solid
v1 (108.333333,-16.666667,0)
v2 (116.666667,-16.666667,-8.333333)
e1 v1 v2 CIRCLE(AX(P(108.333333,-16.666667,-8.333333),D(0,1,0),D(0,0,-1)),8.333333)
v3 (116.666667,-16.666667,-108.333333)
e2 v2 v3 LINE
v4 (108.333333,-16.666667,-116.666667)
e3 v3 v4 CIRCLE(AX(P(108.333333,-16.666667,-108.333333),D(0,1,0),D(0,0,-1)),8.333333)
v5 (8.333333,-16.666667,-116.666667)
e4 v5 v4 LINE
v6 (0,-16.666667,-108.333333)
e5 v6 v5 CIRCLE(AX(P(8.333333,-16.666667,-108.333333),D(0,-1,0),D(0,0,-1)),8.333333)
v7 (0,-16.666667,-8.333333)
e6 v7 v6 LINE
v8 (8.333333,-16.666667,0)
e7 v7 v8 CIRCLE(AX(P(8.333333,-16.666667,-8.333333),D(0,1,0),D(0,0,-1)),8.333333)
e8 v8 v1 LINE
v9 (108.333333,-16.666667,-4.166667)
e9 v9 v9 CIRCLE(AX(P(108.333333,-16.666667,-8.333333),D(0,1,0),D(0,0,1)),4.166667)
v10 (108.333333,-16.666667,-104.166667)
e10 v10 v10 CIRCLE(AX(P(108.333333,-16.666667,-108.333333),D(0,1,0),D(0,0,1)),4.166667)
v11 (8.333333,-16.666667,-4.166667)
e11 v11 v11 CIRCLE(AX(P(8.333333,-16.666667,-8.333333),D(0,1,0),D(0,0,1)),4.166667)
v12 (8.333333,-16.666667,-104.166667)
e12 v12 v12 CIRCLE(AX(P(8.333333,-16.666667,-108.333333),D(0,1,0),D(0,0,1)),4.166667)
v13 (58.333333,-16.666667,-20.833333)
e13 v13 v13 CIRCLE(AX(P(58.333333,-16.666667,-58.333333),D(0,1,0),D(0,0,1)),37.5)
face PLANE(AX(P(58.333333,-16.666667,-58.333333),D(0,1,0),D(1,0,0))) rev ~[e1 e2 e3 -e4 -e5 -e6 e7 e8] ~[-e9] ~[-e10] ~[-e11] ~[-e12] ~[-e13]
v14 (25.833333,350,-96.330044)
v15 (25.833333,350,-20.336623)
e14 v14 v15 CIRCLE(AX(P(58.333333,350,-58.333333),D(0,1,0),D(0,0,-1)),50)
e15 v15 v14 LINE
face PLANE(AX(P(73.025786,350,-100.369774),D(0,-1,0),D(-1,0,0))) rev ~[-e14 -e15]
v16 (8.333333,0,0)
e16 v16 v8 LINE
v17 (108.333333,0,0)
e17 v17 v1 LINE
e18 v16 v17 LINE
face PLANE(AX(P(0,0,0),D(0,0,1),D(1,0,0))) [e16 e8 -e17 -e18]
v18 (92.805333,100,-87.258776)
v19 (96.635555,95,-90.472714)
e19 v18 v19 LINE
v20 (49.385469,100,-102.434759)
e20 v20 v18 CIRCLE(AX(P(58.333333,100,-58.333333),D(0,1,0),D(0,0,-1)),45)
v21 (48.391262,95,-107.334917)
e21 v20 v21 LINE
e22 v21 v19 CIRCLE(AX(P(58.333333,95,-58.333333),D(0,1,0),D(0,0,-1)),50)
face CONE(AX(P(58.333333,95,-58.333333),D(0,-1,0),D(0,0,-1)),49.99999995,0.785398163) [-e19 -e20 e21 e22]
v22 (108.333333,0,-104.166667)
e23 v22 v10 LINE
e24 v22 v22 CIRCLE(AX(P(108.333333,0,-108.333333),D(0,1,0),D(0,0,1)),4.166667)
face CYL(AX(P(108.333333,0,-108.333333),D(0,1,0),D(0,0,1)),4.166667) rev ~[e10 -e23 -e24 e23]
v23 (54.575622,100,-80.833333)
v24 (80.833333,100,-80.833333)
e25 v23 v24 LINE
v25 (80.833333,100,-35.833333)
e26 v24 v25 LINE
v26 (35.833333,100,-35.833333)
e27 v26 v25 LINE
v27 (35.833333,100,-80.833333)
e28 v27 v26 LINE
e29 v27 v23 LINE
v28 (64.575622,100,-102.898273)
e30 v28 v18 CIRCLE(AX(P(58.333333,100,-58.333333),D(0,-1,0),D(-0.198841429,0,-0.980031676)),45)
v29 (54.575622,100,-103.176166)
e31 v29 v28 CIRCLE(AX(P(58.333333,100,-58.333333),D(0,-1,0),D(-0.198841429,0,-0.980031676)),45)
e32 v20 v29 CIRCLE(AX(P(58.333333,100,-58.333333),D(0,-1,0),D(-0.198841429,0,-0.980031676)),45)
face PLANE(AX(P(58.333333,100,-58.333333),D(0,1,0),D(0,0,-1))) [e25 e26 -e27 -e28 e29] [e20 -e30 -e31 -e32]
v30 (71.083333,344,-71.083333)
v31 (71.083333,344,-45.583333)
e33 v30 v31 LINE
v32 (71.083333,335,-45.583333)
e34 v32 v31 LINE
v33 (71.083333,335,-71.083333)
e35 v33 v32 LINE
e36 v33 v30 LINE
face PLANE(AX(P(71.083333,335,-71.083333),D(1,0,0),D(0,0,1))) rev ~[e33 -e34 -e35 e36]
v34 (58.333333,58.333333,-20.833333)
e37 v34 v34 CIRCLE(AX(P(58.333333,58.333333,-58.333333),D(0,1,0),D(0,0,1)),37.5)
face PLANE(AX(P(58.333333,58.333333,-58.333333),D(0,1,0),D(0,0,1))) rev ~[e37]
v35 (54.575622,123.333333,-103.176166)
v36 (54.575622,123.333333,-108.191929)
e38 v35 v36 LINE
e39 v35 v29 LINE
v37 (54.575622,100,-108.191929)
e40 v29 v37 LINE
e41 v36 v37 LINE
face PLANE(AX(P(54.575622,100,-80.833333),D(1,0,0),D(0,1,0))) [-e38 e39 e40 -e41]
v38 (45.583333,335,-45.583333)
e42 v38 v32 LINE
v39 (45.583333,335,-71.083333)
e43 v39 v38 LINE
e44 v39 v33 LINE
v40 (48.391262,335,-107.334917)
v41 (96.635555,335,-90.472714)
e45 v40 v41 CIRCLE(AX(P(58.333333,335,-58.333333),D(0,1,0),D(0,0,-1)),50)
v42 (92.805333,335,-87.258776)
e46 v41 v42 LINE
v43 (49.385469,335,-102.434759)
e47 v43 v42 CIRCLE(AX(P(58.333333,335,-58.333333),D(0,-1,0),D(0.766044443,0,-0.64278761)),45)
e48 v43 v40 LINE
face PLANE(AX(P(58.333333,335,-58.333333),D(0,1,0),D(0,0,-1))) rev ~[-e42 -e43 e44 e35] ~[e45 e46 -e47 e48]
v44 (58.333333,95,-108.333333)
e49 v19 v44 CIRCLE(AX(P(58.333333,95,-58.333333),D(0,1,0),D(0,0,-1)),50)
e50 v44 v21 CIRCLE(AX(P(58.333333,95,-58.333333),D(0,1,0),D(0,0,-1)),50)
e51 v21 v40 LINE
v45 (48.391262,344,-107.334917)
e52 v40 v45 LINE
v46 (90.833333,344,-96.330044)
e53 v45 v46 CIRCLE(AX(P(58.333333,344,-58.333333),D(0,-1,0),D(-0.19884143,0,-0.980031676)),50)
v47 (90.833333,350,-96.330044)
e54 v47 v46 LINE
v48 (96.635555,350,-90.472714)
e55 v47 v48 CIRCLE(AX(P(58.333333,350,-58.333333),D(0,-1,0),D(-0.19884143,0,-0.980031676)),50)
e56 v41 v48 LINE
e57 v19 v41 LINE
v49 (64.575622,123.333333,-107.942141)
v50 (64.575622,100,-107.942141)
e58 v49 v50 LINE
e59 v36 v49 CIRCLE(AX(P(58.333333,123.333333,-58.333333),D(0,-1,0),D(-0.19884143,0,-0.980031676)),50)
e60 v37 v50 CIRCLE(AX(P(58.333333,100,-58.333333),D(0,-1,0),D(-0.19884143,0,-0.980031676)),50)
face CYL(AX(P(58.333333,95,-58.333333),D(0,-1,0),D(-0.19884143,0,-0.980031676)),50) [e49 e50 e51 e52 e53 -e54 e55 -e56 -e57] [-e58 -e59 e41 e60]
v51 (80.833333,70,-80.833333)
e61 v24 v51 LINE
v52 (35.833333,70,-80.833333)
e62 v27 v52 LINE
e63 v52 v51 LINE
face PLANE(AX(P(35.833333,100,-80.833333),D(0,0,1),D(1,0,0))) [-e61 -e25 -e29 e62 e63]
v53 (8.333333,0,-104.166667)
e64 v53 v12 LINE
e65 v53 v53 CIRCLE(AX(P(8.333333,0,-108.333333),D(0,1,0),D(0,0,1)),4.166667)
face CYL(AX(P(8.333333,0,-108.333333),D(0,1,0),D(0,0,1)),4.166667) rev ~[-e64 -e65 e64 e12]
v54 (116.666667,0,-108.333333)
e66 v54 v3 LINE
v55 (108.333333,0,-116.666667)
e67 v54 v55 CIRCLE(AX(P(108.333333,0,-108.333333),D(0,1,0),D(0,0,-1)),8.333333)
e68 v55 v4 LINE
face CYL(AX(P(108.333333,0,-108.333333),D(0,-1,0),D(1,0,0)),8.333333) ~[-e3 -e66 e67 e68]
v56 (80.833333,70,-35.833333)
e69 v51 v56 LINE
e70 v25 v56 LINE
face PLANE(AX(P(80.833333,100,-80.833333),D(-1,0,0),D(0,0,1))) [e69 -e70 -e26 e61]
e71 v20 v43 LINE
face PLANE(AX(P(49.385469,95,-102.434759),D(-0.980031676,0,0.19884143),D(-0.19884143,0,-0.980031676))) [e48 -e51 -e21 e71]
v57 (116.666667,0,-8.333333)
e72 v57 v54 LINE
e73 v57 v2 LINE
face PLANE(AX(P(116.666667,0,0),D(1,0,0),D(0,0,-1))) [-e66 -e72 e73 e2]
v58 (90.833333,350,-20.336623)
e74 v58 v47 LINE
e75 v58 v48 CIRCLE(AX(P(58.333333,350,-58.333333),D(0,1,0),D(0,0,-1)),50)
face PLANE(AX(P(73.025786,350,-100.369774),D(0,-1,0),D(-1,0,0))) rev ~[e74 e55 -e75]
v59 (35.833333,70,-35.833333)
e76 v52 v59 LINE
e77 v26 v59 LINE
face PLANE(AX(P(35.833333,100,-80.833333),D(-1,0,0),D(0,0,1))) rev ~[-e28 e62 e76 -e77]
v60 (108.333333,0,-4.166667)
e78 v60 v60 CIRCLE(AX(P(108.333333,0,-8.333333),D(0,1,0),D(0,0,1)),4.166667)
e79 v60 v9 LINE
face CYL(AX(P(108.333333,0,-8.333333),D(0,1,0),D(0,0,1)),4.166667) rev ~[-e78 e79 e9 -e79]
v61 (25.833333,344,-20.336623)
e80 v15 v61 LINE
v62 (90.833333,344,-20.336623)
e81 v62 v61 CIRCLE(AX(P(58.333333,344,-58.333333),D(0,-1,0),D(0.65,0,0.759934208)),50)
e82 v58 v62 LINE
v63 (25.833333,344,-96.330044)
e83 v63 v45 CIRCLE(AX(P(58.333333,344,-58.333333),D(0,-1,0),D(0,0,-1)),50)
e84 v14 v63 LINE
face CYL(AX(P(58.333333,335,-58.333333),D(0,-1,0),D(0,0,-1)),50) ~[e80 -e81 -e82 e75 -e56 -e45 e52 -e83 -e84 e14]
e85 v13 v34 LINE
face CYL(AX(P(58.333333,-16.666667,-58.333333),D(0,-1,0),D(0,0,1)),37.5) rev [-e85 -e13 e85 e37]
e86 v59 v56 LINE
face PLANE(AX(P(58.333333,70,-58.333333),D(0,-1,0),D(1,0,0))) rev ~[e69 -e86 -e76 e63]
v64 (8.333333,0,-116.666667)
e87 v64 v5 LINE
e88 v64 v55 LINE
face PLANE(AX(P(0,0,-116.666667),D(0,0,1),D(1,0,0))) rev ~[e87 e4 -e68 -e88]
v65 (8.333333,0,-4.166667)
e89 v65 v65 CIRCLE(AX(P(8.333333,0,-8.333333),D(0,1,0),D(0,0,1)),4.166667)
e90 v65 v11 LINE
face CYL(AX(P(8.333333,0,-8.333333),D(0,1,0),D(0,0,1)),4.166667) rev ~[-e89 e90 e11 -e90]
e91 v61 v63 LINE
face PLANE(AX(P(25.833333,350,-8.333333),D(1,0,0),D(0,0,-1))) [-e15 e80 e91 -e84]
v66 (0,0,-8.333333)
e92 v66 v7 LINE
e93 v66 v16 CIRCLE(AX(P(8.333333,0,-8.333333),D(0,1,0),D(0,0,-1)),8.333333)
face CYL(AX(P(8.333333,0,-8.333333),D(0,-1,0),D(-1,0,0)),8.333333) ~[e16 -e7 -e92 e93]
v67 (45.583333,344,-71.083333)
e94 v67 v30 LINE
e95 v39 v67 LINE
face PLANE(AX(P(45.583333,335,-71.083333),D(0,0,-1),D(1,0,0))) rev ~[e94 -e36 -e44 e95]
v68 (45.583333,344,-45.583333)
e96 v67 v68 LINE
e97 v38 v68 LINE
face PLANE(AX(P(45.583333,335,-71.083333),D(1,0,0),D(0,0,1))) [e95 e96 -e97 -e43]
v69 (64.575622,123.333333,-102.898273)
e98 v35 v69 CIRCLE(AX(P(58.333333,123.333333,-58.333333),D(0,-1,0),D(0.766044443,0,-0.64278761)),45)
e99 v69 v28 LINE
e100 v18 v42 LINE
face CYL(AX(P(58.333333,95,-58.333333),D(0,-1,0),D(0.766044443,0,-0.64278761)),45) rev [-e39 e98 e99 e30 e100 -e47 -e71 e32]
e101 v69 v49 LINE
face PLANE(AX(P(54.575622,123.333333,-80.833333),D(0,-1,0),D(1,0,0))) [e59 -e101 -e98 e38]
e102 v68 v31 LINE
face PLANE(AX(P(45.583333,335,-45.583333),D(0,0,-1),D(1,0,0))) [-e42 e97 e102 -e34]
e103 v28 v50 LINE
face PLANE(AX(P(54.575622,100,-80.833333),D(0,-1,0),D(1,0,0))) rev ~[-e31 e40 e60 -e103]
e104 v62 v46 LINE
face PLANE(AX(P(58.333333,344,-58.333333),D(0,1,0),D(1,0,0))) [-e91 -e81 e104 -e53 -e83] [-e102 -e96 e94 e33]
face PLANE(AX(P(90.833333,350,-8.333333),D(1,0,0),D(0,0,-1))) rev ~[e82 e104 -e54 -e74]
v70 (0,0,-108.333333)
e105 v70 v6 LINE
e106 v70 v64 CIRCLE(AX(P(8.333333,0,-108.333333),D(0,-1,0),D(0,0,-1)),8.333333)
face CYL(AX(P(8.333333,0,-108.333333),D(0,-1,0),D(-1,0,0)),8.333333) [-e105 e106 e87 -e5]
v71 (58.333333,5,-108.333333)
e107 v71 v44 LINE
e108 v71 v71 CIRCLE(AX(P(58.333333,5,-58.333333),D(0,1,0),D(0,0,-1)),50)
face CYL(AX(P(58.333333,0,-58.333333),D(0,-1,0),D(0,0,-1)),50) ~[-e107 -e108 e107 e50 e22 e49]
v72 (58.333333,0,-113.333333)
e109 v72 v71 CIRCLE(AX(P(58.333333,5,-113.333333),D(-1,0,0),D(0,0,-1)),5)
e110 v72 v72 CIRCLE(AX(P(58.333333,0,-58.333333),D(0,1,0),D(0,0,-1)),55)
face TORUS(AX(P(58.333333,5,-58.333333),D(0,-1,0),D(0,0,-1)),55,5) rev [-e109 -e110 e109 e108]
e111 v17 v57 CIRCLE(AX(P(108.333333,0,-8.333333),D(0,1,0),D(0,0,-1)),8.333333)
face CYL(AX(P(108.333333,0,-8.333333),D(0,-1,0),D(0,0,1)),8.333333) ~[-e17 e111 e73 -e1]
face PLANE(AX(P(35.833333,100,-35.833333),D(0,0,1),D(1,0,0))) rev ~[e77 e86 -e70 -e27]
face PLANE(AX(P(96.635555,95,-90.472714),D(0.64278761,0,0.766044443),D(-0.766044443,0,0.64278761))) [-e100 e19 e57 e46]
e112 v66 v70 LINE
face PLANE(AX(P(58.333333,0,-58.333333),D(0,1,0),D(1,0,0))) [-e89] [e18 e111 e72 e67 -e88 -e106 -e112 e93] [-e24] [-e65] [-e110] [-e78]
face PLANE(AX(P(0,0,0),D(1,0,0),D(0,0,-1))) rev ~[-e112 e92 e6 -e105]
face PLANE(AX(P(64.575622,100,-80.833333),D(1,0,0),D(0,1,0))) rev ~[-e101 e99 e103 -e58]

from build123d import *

# Parameters (mm, degrees)
SKETCH1_W                = 350
SKETCH1_H                = 350
BOSS_EXTRUDE1_DEPTH      = 50
FILLET1_R                = 25
SKETCH2_R                = 12.5
CUT_EXTRUDE1_DEPTH       = 50
SKETCH3_R                = 150
BOSS_EXTRUDE2_DEPTH      = 300
FILLET2_R                = 15
CHAMFER1_SIZE            = 15
SKETCH5_W                = 135
SKETCH5_H                = 135
CUT_EXTRUDE3_DEPTH       = 90
SCALE1_SCALE             = 0.333333333
EXTRUDE_THIN1_DEPTH      = 250
EXTRUDE_THIN1_DEPTH_BACK = 5
BOSS_EXTRUDE3_START      = -15
SKETCH7_R                = 50
BOSS_EXTRUDE3_DEPTH      = 15
SKETCH8_W                = 25.5
SKETCH8_H                = 25.5
CUT_EXTRUDE4_DEPTH       = 9.5
SKETCH9_W                = 65
SKETCH9_H                = 100
CUT_EXTRUDE5_DEPTH       = 6
SKETCH10_W               = 10
SKETCH10_H               = 23.333333333
CUT_EXTRUDE6_DEPTH       = 378.683913993
SKETCH12_R               = 37.5
CUT_EXTRUDE7_DEPTH       = 75


with BuildPart() as part:
    # Sketch1 → Boss-Extrude1 (new body)
    with BuildSketch(Plane(origin=(0, 0, 0), x_dir=(1, 0, 0), z_dir=(0, 1, 0))):
        with Locations((175, 175)):
            Rectangle(SKETCH1_W, SKETCH1_H)
    extrude(amount=-BOSS_EXTRUDE1_DEPTH)

    # Fillet1
    fillet1_edges = [part.edges().sort_by_distance(p)[0] for p in [
        (0, -25, -350),
        (350, -25, -350),
        (350, -25, 0),
        (0, -25, 0),
    ]]
    fillet(fillet1_edges, radius=FILLET1_R)

    # Sketch2 → Cut-Extrude1 (cut)
    with BuildSketch(Plane(origin=(0, 0, 0), x_dir=(1, 0, 0), z_dir=(0, 1, 0))):
        with Locations(Location((25, 25, 0), (0, 0, 270))):
            Circle(SKETCH2_R)
        with Locations(Location((325, 25, 0), (0, 0, 270))):
            Circle(SKETCH2_R)
        with Locations(Location((325, 325, 0), (0, 0, 270))):
            Circle(SKETCH2_R)
        with Locations(Location((25, 325, 0), (0, 0, 270))):
            Circle(SKETCH2_R)
    extrude(amount=-CUT_EXTRUDE1_DEPTH, mode=Mode.SUBTRACT)

    # Sketch3 → Boss-Extrude2 (add)
    with BuildSketch(Plane(origin=(0, 0, 0), x_dir=(1, 0, 0), z_dir=(0, 1, 0))):
        with Locations(Location((175, 175, 0), (0, 0, 90))):
            Circle(SKETCH3_R)
    extrude(amount=BOSS_EXTRUDE2_DEPTH)

    # Fillet2
    fillet2_edges = [part.edges().sort_by_distance(p)[0] for p in [
        (175, 0, -25),
    ]]
    fillet(fillet2_edges, radius=FILLET2_R)

    # Chamfer1
    chamfer1_edges = [part.edges().sort_by_distance(p)[0] for p in [
        (175, 300, -25),
    ]]
    chamfer(chamfer1_edges, length=CHAMFER1_SIZE)

    # Sketch5 → Cut-Extrude3 (cut)
    with BuildSketch(Plane.XZ.offset(-300)):
        with Locations((175, -175)):
            Rectangle(SKETCH5_W, SKETCH5_H)
    extrude(amount=CUT_EXTRUDE3_DEPTH, mode=Mode.SUBTRACT)


with BuildPart() as part_1:
    # Scale1: scaled about (0, 0, 0)
    add(part.part.scale(SCALE1_SCALE))

    # Sketch6 → Extrude-Thin1 (add, two sides: drawn at the far end of the back side and taken through both)
    with BuildSketch(Plane(origin=(0, 100, 0), x_dir=(1, 0, 0), z_dir=(0, 1, 0)).offset(-EXTRUDE_THIN1_DEPTH_BACK)):
        with BuildLine():
            ThreePointArc((48.391261826, 107.334917126), (74.830545561, 105.5333544), (96.635555489, 90.472713818))
            Line((96.635555489, 90.472713818), (92.805333274, 87.258775769))
            ThreePointArc((92.805333274, 87.258775769), (73.180824339, 100.813352293), (49.385468977, 102.434758746))
            Line((49.385468977, 102.434758746), (48.391261826, 107.334917126))
        make_face()
    extrude(amount=EXTRUDE_THIN1_DEPTH + EXTRUDE_THIN1_DEPTH_BACK)

    # Sketch7 → Boss-Extrude3 (add)
    with BuildSketch(Plane(origin=(0, 350, 0), x_dir=(1, 0, 0), z_dir=(0, 1, 0)).offset(BOSS_EXTRUDE3_START)):
        with Locations(Location((58.333333333, 58.333333333, 0), (0, 0, 90))):
            Circle(SKETCH7_R)
    extrude(amount=BOSS_EXTRUDE3_DEPTH)

    # Sketch8 → Cut-Extrude4 (cut)
    with BuildSketch(Plane.XZ.offset(-335)):
        with Locations((58.333333333, -58.333333333)):
            Rectangle(SKETCH8_W, SKETCH8_H)
    extrude(amount=-CUT_EXTRUDE4_DEPTH, mode=Mode.SUBTRACT)

    # Sketch9 → Cut-Extrude5 (cut)
    with BuildSketch(Plane(origin=(0, 350, 0), x_dir=(1, 0, 0), z_dir=(0, 1, 0))):
        with Locations((58.333333333, 58.333333333)):
            Rectangle(SKETCH9_W, SKETCH9_H)
    extrude(amount=-CUT_EXTRUDE5_DEPTH, mode=Mode.SUBTRACT)

    # Sketch10 → Cut-Extrude6 (cut, through all)
    with BuildSketch(Plane.XY.offset(-80.833333333)):
        with Locations((59.575622215, 111.666666667)):
            Rectangle(SKETCH10_W, SKETCH10_H)
    extrude(amount=-CUT_EXTRUDE6_DEPTH, mode=Mode.SUBTRACT)

    # Sketch12 → Cut-Extrude7 (cut)
    with BuildSketch(Plane(origin=(0, -16.666666667, 0), x_dir=(1, 0, 0), z_dir=(0, 1, 0))):
        with Locations(Location((58.333333333, 58.333333333, 0), (0, 0, 270))):
            Circle(SKETCH12_R)
    extrude(amount=CUT_EXTRUDE7_DEPTH, mode=Mode.SUBTRACT)


solid = part_1.part
